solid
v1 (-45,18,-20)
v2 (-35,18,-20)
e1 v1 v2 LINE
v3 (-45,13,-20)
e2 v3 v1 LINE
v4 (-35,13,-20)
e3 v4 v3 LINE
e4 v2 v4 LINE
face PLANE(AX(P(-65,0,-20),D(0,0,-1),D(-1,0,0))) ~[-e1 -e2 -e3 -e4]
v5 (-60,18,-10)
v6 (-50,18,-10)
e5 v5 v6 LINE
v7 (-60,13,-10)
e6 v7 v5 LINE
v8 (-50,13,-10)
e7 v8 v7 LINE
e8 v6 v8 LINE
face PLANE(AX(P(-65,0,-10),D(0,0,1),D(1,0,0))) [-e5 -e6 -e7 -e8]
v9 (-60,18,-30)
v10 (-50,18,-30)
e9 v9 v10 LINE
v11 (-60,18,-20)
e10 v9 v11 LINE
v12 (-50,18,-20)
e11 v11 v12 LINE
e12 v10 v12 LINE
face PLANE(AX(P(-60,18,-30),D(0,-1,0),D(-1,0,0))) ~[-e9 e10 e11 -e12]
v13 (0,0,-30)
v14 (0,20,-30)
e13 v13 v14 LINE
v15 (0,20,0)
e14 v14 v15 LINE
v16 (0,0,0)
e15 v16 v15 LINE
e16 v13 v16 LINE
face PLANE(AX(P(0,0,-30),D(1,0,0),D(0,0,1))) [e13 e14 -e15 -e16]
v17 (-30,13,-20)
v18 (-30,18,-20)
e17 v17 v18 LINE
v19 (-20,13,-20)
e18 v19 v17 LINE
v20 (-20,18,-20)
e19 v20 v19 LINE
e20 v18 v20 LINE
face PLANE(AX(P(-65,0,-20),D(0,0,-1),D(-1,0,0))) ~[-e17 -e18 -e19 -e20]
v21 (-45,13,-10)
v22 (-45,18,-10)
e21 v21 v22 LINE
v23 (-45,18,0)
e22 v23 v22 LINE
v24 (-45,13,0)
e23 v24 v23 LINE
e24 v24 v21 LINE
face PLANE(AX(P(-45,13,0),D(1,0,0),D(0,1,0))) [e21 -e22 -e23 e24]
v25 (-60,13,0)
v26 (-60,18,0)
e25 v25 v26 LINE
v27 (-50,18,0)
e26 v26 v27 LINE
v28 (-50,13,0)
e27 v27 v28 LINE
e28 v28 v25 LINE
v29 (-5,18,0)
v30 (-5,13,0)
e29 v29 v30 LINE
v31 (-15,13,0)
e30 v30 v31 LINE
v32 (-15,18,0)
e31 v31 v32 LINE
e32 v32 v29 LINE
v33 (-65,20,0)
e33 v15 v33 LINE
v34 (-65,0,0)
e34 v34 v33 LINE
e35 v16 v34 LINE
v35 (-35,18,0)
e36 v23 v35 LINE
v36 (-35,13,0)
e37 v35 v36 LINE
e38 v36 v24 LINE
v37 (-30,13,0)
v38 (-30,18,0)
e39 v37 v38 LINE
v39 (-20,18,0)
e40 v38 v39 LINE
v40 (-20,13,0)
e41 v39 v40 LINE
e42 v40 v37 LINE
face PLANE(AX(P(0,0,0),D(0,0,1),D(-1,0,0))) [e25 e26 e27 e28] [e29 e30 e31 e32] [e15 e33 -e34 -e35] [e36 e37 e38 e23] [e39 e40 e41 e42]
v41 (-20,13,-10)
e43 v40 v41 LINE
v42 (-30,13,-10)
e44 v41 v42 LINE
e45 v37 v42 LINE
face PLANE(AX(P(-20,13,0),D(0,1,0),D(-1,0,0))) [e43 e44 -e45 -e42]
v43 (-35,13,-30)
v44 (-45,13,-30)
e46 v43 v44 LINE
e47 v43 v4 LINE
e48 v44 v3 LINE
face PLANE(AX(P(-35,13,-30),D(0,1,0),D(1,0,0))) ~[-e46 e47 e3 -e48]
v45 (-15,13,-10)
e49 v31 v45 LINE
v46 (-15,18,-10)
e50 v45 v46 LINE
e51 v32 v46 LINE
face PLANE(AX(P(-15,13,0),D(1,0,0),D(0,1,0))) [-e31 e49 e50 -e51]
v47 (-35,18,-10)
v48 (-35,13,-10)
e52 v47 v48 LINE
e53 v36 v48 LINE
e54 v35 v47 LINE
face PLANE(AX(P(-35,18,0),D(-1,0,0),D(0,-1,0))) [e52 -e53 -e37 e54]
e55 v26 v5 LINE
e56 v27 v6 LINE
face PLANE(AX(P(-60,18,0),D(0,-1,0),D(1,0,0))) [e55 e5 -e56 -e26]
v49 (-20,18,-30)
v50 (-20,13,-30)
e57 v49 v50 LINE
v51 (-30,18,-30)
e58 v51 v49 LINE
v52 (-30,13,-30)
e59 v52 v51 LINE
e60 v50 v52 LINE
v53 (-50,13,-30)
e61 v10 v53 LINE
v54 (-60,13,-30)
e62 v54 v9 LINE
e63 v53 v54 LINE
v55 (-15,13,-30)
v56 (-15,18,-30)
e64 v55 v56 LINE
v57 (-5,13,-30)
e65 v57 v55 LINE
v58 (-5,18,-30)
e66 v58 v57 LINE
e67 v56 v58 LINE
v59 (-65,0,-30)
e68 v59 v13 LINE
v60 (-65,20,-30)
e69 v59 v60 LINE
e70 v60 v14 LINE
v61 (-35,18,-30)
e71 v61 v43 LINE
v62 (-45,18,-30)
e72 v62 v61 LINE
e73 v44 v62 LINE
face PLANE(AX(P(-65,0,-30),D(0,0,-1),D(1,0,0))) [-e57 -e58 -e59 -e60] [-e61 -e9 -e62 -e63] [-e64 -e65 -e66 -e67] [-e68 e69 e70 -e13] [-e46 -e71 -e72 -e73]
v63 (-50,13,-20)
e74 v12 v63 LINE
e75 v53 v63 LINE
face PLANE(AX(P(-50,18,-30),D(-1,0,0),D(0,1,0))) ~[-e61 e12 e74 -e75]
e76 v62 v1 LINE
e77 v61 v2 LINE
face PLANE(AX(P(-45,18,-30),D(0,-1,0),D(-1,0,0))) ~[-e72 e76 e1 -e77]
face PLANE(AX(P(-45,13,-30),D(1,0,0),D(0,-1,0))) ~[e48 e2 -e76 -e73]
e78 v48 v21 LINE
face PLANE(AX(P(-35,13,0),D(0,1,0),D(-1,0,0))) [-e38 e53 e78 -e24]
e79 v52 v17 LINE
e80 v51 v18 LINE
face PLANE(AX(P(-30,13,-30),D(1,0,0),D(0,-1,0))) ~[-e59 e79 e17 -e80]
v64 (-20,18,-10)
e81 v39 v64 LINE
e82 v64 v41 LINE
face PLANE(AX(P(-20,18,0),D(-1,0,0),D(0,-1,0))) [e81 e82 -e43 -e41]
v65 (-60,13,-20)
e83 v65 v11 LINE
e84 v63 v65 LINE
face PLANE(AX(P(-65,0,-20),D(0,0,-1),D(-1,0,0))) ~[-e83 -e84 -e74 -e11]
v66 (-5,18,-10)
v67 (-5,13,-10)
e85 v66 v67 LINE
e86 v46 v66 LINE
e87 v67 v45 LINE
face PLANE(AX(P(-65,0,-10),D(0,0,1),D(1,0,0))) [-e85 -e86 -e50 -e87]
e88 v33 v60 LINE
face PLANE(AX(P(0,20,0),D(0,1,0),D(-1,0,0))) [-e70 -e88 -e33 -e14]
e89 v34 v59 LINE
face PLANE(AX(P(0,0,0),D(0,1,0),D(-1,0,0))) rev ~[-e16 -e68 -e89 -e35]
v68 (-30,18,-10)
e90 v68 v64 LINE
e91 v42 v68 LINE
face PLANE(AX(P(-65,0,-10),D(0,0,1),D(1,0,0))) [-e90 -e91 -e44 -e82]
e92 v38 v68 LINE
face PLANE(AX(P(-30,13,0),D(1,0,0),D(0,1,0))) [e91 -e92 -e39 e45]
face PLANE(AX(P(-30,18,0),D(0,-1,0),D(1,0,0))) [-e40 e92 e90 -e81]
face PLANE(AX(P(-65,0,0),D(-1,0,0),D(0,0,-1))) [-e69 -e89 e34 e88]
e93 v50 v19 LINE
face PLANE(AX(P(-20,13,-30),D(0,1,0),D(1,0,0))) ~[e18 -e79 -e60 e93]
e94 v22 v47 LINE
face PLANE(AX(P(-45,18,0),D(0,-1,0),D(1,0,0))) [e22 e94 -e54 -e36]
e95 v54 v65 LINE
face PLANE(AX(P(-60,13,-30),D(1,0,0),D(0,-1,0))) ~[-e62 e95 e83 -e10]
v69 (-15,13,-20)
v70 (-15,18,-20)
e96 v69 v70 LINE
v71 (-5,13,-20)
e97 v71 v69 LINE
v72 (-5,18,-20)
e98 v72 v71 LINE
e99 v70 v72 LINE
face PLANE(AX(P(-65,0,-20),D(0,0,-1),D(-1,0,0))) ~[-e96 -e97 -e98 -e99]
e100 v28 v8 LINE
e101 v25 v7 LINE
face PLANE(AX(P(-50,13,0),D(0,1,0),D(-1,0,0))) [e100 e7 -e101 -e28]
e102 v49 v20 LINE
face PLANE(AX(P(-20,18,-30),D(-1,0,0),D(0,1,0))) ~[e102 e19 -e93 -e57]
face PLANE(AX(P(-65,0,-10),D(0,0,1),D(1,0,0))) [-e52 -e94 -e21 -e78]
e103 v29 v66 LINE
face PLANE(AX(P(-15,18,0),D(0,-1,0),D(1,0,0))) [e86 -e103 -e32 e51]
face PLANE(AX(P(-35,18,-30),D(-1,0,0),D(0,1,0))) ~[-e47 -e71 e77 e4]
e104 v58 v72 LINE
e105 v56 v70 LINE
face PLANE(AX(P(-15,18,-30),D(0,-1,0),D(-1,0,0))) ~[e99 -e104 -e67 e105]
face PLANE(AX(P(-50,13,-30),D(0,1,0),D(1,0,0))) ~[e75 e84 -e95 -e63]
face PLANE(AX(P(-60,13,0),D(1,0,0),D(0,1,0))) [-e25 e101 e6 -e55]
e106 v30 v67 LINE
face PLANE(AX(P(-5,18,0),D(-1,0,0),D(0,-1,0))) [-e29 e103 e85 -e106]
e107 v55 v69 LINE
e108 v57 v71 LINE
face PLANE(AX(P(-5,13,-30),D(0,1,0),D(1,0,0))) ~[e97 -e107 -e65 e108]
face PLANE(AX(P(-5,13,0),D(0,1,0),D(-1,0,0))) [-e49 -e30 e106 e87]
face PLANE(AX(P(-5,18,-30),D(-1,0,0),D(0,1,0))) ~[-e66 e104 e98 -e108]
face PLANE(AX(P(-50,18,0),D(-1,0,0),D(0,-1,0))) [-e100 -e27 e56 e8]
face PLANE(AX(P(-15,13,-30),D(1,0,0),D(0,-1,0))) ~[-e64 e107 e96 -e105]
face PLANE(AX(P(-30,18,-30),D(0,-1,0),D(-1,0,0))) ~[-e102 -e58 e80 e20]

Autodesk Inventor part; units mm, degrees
ref_plane "YZ Plane" through (0, 0, 0) normal (1, 0, 0) x (0, 1, 0)
ref_plane "XZ Plane" through (0, 0, 0) normal (0, 1, 0) x (-1, 0, 0)
sketch "Sketch1" plane through (0, 0, 0) normal (0, 1, 0) x (-1, 0, 0)
  line L0 (0, 0) -> (65, 0)
  line L1 (65, 0) -> (65, -30)
  line L2 (65, -30) -> (0, -30)
  line L3 (0, -30) -> (0, 0)
  dimension "d0" = 65
  dimension "d1" = 30
extrude "Extrusion1" add sketch "Sketch1" along normal blind 20
sketch "Sketch2" plane through (-65, 0, 0) normal (0, 0, 1) x (1, 0, 0)
  line L0 (5, 18) -> (15, 18)
  line L1 (15, 18) -> (15, 13)
  line L2 (15, 13) -> (5, 13)
  line L3 (5, 13) -> (5, 18)
  line L4 (0, 0) -> (65, 0) projected
  line L5 (30, 18) -> (30, 13)
  line L6 (30, 13) -> (20, 13)
  line L7 (20, 13) -> (20, 18)
  line L8 (20, 18) -> (30, 18)
  line L9 (45, 18) -> (45, 13)
  line L10 (45, 13) -> (35, 13)
  line L11 (35, 13) -> (35, 18)
  line L12 (35, 18) -> (45, 18)
  line L13 (60, 18) -> (60, 13)
  line L14 (60, 13) -> (50, 13)
  line L15 (50, 13) -> (50, 18)
  line L16 (50, 18) -> (60, 18)
  dimension "d4" = 10
  dimension "d5" = 5
  dimension "d6" = 13
  dimension "d7" = 5
  dimension "d10" = 15
extrude "Extrusion2" cut sketch "Sketch2" against normal blind 10
ref_plane "Work Plane1" through (-65, 0, -15) normal (0, 0, 1) x (1, 0, 0)
mirror "Mirror1" about plane through (-65, 0, -15) normal (0, 0, 1) of "Extrusion2"
properties part number "Relay"
